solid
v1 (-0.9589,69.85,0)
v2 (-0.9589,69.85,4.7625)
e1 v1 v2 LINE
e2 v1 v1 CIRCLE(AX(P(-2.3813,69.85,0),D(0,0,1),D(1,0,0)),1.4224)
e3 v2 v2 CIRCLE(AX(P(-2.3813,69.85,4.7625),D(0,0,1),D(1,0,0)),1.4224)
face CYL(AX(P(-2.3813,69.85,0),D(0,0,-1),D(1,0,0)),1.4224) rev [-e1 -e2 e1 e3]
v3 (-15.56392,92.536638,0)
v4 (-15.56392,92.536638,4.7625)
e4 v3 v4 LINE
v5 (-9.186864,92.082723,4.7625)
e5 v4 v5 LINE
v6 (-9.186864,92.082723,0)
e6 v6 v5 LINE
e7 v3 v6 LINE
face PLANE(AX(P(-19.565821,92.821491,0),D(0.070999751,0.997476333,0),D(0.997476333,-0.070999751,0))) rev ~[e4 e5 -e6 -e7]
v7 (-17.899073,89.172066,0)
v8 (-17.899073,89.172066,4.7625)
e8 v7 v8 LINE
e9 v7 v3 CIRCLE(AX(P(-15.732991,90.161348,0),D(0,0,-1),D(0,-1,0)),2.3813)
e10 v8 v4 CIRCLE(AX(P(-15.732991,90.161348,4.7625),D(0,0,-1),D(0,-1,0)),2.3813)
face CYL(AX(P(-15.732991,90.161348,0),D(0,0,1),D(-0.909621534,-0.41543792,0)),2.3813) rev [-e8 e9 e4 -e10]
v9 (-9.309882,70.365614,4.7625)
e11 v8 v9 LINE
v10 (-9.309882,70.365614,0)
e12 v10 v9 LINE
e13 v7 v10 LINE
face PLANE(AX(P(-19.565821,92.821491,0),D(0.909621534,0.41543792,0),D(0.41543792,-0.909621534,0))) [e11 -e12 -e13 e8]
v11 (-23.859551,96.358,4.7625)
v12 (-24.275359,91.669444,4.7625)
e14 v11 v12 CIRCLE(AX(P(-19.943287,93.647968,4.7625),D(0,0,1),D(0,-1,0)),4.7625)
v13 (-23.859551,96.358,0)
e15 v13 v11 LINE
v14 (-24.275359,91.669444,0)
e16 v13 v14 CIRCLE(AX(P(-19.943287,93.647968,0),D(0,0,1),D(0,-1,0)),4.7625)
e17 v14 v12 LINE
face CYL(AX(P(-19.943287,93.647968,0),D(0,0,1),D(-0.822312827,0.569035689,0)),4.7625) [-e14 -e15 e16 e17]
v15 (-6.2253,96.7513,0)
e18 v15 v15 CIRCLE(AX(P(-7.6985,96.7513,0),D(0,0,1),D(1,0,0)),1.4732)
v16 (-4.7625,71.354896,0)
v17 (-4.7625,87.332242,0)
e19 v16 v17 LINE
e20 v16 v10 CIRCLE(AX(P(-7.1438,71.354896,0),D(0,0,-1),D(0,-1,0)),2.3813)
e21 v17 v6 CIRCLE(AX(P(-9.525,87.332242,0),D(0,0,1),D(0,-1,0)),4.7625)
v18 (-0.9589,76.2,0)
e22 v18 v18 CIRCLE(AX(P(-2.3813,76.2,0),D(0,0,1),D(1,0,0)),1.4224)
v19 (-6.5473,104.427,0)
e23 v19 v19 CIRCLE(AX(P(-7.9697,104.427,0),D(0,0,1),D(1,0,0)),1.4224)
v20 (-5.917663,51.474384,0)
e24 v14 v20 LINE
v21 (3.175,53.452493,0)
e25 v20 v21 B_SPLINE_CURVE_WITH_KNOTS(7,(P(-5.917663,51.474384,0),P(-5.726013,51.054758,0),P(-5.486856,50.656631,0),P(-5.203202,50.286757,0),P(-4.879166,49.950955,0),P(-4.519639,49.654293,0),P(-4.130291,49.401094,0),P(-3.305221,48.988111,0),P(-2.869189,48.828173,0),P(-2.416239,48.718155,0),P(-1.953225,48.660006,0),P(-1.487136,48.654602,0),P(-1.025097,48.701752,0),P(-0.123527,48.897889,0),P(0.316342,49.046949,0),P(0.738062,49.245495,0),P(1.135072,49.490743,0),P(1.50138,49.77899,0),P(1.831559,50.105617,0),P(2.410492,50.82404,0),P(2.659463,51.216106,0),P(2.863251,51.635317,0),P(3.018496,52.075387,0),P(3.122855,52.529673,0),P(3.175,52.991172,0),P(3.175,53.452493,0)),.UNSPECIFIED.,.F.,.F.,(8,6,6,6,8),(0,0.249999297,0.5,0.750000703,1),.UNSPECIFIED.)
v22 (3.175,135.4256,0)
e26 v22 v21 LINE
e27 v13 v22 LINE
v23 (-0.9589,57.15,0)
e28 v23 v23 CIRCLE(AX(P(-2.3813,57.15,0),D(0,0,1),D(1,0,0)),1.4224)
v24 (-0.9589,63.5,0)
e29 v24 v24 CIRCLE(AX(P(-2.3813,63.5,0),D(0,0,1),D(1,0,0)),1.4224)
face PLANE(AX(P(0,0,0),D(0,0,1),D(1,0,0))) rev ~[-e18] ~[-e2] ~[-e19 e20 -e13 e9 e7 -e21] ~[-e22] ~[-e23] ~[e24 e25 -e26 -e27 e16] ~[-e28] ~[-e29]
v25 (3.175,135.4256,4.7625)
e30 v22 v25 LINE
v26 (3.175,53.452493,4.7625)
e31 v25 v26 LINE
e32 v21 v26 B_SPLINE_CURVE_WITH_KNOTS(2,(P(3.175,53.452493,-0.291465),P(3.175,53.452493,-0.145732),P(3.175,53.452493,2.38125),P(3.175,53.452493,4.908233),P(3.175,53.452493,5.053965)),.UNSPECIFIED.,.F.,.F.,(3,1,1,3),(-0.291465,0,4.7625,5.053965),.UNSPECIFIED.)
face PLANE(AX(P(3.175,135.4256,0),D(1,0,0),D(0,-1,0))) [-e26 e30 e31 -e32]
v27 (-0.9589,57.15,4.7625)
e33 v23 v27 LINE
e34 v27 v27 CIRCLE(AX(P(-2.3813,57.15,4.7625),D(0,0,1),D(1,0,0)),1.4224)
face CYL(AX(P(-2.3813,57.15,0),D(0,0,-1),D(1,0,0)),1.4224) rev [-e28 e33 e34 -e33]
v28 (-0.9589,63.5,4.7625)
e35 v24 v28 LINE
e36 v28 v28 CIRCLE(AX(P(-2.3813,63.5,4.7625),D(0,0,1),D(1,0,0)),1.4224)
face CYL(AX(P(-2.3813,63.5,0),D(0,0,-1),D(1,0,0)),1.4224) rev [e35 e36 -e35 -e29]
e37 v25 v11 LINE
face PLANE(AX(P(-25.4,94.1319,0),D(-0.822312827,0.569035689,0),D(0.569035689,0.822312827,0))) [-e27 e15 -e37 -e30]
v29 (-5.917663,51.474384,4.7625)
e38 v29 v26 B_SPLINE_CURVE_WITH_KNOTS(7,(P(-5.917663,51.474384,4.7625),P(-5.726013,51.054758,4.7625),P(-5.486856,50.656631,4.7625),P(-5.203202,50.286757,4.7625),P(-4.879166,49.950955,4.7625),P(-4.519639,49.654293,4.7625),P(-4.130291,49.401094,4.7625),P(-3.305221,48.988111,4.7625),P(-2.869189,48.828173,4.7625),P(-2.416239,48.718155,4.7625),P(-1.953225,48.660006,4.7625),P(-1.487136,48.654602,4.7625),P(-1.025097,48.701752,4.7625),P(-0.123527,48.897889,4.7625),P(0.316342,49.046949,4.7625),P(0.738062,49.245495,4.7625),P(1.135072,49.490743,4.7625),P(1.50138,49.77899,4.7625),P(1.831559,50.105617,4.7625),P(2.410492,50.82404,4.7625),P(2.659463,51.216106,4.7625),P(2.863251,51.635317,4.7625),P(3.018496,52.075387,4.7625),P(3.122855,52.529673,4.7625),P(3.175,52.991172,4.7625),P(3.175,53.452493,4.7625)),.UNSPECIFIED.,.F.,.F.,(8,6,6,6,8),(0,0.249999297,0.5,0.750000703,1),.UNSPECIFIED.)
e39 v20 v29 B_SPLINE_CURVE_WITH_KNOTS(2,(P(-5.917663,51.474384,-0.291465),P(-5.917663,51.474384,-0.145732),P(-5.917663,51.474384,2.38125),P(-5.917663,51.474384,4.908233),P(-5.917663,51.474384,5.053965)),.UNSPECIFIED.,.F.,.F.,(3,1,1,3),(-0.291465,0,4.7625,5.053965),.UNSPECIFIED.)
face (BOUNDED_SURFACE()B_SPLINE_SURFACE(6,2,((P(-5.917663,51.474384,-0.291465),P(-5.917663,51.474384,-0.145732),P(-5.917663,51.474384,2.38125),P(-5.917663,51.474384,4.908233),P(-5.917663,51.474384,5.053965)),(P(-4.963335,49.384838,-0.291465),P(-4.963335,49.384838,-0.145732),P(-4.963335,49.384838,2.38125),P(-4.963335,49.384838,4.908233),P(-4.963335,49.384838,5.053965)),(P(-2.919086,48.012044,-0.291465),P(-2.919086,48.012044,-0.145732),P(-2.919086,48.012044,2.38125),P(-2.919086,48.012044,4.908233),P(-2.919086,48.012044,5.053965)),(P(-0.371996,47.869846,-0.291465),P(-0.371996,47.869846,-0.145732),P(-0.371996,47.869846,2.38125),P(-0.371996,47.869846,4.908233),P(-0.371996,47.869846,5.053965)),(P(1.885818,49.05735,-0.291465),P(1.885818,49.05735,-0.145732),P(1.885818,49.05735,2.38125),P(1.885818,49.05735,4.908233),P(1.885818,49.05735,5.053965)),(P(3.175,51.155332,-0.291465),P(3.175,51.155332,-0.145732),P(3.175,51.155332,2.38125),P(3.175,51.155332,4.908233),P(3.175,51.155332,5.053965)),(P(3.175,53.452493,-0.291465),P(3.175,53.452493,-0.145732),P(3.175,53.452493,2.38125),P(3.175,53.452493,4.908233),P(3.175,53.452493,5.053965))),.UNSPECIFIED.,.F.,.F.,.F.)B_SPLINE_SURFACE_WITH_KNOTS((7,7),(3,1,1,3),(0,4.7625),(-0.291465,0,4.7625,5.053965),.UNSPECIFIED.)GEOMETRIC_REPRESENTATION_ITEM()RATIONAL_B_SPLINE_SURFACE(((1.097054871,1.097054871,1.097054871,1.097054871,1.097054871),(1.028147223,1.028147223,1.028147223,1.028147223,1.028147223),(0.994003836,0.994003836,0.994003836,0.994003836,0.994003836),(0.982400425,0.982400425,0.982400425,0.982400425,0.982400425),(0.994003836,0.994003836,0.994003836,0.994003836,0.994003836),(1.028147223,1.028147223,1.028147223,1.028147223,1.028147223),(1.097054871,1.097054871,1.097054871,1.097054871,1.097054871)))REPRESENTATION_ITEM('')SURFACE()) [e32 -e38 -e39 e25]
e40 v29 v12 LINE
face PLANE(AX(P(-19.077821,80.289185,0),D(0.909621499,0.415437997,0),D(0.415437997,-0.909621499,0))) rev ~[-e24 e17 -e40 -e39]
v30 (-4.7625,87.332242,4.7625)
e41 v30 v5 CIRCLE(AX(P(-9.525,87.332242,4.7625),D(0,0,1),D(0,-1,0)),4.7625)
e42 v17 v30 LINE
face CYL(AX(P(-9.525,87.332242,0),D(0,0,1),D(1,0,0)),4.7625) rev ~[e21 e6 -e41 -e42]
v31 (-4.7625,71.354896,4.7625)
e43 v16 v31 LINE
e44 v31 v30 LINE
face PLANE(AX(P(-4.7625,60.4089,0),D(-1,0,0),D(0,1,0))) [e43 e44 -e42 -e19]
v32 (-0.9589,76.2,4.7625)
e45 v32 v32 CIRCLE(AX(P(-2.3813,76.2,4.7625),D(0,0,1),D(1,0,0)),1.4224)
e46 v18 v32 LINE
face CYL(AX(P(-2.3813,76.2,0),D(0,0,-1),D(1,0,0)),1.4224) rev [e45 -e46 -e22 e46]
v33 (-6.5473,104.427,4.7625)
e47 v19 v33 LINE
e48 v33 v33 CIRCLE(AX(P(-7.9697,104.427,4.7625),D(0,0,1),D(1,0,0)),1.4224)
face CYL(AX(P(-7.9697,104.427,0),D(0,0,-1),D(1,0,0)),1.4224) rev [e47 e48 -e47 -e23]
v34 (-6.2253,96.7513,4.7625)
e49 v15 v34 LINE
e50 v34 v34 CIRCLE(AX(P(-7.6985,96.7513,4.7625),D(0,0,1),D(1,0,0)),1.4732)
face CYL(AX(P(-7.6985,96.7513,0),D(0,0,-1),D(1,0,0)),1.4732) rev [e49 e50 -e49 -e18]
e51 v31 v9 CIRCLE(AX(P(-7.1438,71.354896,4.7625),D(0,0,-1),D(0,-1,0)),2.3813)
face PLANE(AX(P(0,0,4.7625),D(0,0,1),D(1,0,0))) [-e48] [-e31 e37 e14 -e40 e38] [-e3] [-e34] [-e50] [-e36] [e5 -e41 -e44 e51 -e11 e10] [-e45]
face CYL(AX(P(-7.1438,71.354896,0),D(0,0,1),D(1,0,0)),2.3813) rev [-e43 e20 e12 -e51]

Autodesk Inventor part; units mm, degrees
ref_plane "YZ Plane" through (0, 0, 0) normal (1, 0, 0) x (0, 1, 0)
ref_plane "XZ Plane" through (0, 0, 0) normal (0, 1, 0) x (-1, 0, 0)
ref_plane "XY Plane" through (0, 0, 0) normal (0, 0, 1) x (1, 0, 0)
sketch "Sketch1" plane through (0, 0, 0) normal (0, 0, 1) x (1, 0, 0)
  line L0 (0, 0) -> (0, 137.0131)
  line L1 (-11.7886, 12.2907) -> (-39.6863, 18.4755) construction
  line L2 (-39.6863, 18.4755) -> (-33.3297, 47.1481) construction
  line L3 (-33.3297, 47.1481) -> (-5.432, 40.9633) construction
  line L4 (-5.432, 40.9633) -> (-11.7886, 12.2907) construction
  line L5 (-39.6863, 18.4755) -> (-5.432, 40.9633) construction
  line L6 (-33.3297, 47.1481) -> (-11.7886, 12.2907) construction
  circle A0 centre (-53.975, 12.7) radius 3.175
  circle A1 centre (-53.975, 12.7) radius 9.525
  line L7 (0, 0) -> (-54.5315, 3.1913) construction
  line L8 (-62.4238, 17.0982) -> (0, 137.0131) construction
  line L9 (-27.1302, 45.7737) -> (-37.4529, 28.5497) construction
  line L10 (-11.6315, 42.3377) -> (-9.5552, 22.3649) construction
  line L11 (-19.3809, 44.0557) -> (-25.7374, 15.3831) construction
  line L12 (0, 104.775) -> (-15.0457, 108.1106) construction
  line L13 (-35.3766, 8.5768) -> (-19.8779, 5.1408) construction
  line L14 (-19.8779, 5.1408) -> (-21.2523, -1.0586) construction
  line L15 (-21.2523, -1.0586) -> (-36.751, 2.3773) construction
  line L16 (-36.751, 2.3773) -> (-35.3766, 8.5768) construction
  line L17 (-35.3766, 8.5768) -> (-44.7305, 2.6177) construction
  line L18 (-19.8779, 5.1408) -> (-17.2457, 1.0092) construction
  line L19 (-5.432, 40.9633) -> (-33.3297, 47.1481) construction
  line L20 (-33.3297, 47.1481) -> (-32.2475, 52.0296) construction
  line L21 (-32.2475, 52.0296) -> (-4.3498, 45.8448) construction
  line L22 (-4.3498, 45.8448) -> (-5.432, 40.9633) construction
  line L23 (-53.2878, 15.7997) -> (-53.975, 12.7) construction
  line L24 (-53.975, 12.7) -> (-57.0747, 13.3872) construction
  line L25 (-27.6272, 6.8588) -> (-34.4992, -24.1386) construction
  line L26 (-31.8676, 50.076) -> (-5.5198, 44.2349) construction
  line L27 (-5.5198, 44.2349) -> (-4.489, 48.8845) construction
  line L28 (-4.489, 48.8845) -> (-30.8368, 54.7256) construction
  line L29 (-30.8368, 54.7256) -> (-31.8676, 50.076) construction
  line L30 (-31.3522, 52.4008) -> (-5.0044, 46.5597) construction
  circle A2 centre (-29.0274, 51.8854) radius 1.4732 construction
  circle A3 centre (-22.8279, 50.5111) radius 1.4732 construction
  circle A4 centre (-16.6284, 49.1367) radius 1.4732
  circle A5 centre (-10.4289, 47.7623) radius 1.4732
  circle A6 centre (-7.6985, 96.7513) radius 1.4732
  line L31 (-53.975, 12.7) -> (-5.4185, 105.9762) construction
  line L32 (-31.2085, 56.4341) -> (0, 49.5153) construction
  circle A7 centre (-7.6985, 96.7513) radius 4.7625 construction
  line L33 (-4.7625, 48.9451) -> (-4.7625, 105.8308)
  line L34 (-26.3948, 55.3669) -> (-7.323, 92.0036) construction
  line L35 (-3.5958, 94.3328) -> (-4.7625, 94.5914) construction
  line L36 (-17.2457, 1.0092) -> (0, 1.0092) construction
  line L37 (0, 1.0092) -> (0, -2.1658) construction
  line L38 (0, -2.1658) -> (-17.2457, -2.1658) construction
  line L39 (-17.2457, -2.1658) -> (-17.2457, 1.0092) construction
  circle A8 centre (-12.7, 7.9375) radius 1.5875 construction
  line L40 (-12.7, 7.9375) -> (0, 7.9375) construction
  line L41 (0, 7.9375) -> (-17.2457, 1.0092)
  circle A9 centre (-12.7, 7.9375) radius 3.175 construction
  line L42 (-9.525, 7.9375) -> (-9.525, 4.111) construction
  line L43 (-9.525, 7.9375) -> (0, 7.9375) construction
  line L44 (-17.9187, 46.9837) -> (-16.8879, 51.6333) construction
  line L45 (-12.4942, 45.7811) -> (-26.2381, -16.2137) construction
  line L46 (0, 53.6985) -> (0, 7.9375) construction
  line L47 (-26.2381, -16.2137) -> (-20.0386, -17.5881) construction
  line L48 (-20.0386, -17.5881) -> (-8.7313, 7.9375)
  circle A10 centre (-12.7, 6.35) radius 1.4224
  line L49 (0, 13.4938) -> (-4.7625, 13.4938) construction
  line L50 (-4.7625, 13.4938) -> (-4.7625, 24.6063) construction
  line L51 (-4.7625, 24.6063) -> (0, 24.6063) construction
  line L52 (0, 24.6063) -> (0, 13.4938) construction
  line L53 (-4.7625, 19.05) -> (0, 19.05) construction
  circle A11 centre (-2.3813, 19.05) radius 1.4224
  line L54 (-20.7405, 8.5842) -> (-9.7454, 58.18) construction
  line L55 (-9.7454, 58.18) -> (-3.5459, 56.8056) construction
  line L56 (-3.5459, 56.8056) -> (-14.5411, 7.2098) construction
  line L57 (-14.5411, 7.2098) -> (-20.7405, 8.5842) construction
  line L58 (-12.7, 6.35) -> (-12.7, 7.9375) construction
  line L59 (-11.5442, 1.5875) -> (-9.525, 1.5875) construction
  line L60 (-9.525, 1.5875) -> (-9.525, 7.9375) construction
  line L61 (-9.525, 7.9375) -> (-11.5442, 7.9375) construction
  line L62 (-11.5442, 7.9375) -> (-11.5442, 1.5875) construction
  line L63 (-9.7454, 58.18) -> (-15.9449, 59.5544) construction
  line L64 (-18.8691, 53.6985) -> (0, 53.6985) construction
  line L65 (-9.7454, 58.18) -> (-17.3193, 53.3549) construction
  arc A12 (-10.2313, 55.9882) -> (-11.9373, 58.6659) centre (-11.0843, 57.3271) ccw construction
  line L66 (-4.7625, 57.15) -> (0, 57.15) construction
  circle A13 centre (-2.3813, 57.15) radius 1.4224
  circle A14 centre (-2.3813, 63.5) radius 1.4224
  line L67 (0, 7.9375) -> (-45.2378, 7.9375) construction
  line L68 (-45.2378, 7.9375) -> (-45.2378, -28.575) construction
  line L69 (-45.2378, -28.575) -> (0, -28.575)
  line L70 (0, -28.575) -> (0, 7.9375)
  line L71 (-45.2378, -28.575) -> (-62.6076, 8.6746)
  line L72 (-60.0032, 20.0747) -> (-18.8691, 53.6985) construction
  line L73 (-20.0386, -17.5881) -> (-20.0386, -28.575) construction
  line L74 (-20.2435, 47.4991) -> (-19.2127, 52.1487) construction
  line L75 (-12.7, -28.575) -> (-12.7, -1.0217)
  circle A15 centre (-23.8125, -19.05) radius 1.7526
  circle A16 centre (-15.875, -14.2875) radius 1.7526
  circle A17 centre (-23.8125, -19.05) radius 3.175 construction
  circle A18 centre (-2.3813, 69.85) radius 1.4224
  circle A19 centre (-2.3813, 76.2) radius 1.4224
  circle A20 centre (-15.875, -14.2875) radius 3.175 construction
  circle A21 centre (-46.0375, -19.05) radius 1.7526
  arc A22 (0, 104.775) -> (-15.0457, 108.1106) centre (-7.9697, 104.427) ccw construction
  circle A23 centre (-7.9697, 104.427) radius 1.4224
  line L76 (-7.9697, 104.427) -> (-15.0457, 108.1106) construction
  line L77 (-7.9697, 104.427) -> (0, 104.775) construction
  line L78 (0, 43.0112) -> (-20.2435, 47.4991)
  line L79 (-20.2435, 47.4991) -> (-25.4, 94.1319)
  line L80 (-25.4, 94.1319) -> (3.175, 135.4256)
  line L81 (0, 122.468) -> (-20.4707, 92.8859)
  line L82 (-20.4707, 92.8859) -> (-15.8846, 51.4108)
  line L83 (-15.8846, 51.4108) -> (0, 47.8893)
  line L84 (-20.4707, 92.8859) -> (-4.7625, 91.7678)
  line L85 (3.175, 135.4256) -> (3.175, 47.8893)
  line L86 (3.175, 47.8893) -> (0, 47.8893)
  line L87 (-25.4, 94.1319) -> (-4.7625, 48.9451)
  line L88 (-19.9433, 93.648) -> (-4.7625, 60.4089)
  point P0 (-22.5591, 29.7194)
  point P1 (-20.7484, 1.2142)
  point P2 (-36.3367, 4.2458)
  point P3 (-49.5768, 21.1488)
  point P4 (-11.1125, 7.9375)
  point P5 (-11.4283, 6.9872)
  point P6 (-11.9574, 7.9375)
  point P7 (-13.9717, 6.9872)
  point P8 (-9.525, 6.1457)
  point P9 (-10.6215, 3.6705)
  point P10 (0, 130.8374)
  point P11 (-19.5658, 92.8214)
  dimension "d74" = 6.35
  dimension "d14" = 29.3687
  dimension "d15" = 28.575
  dimension "d16" = 12.5
  dimension "d17" = 6.35
  dimension "d19" = 53.975
  dimension "d22" = 19.05
  dimension "d23" = 7.9375
  dimension "d24" = 19.05
  dimension "d26" = 102.5
  dimension "d29" = 6.35
  dimension "d31" = 7.9375
  dimension "d34" = 5
  dimension "d35" = 26.9875
  dimension "d38" = 31.75
  dimension "d40" = 26.9875
  dimension "d41" = 4.7625
  dimension "d42" = 2.9464
  dimension "d43" = 2.3813
  dimension "d46" = 6.35
  dimension "d51" = 2.9464
  dimension "d52" = 92.075
  dimension "d53" = 6.35
  dimension "d54" = 9.525
  dimension "d55" = 4.7625
  dimension "d56" = 4.7625
  dimension "d60" = 12.7
  dimension "d61" = 3.175
  dimension "d63" = 3.175
  dimension "d66" = 3.175
  dimension "d67" = 12.7
  dimension "d72" = 8.7312
  dimension "d73" = 7.9375
  dimension "d80" = 12.7
  dimension "d82" = 7.9375
  dimension "d83" = 63.5
  dimension "d85" = 6.35
  dimension "d86" = 104.775
  dimension "d87" = 2.8448
  dimension "d88" = 4.7625
  dimension "d89" = 11.1125
  dimension "d90" = 2.8448
  dimension "d91" = 19.05
  dimension "d92" = 6.35
  dimension "d93" = 50.8
  dimension "d94" = 25.4
  dimension "d95" = 8.7312
  dimension "d96" = 9.525
  dimension "d97" = 6.35
  dimension "d99" = 6.35
  dimension "d101" = 3.175
  dimension "d106" = 2.8448
  dimension "d107" = 57.15
  dimension "d110" = 6.35
  dimension "d136" = 3.175
  dimension "d138" = 28.575
  dimension "d139" = 12.7
  dimension "d140" = 3.5052
  dimension "d141" = 3.5052
  dimension "d142" = 9.525
  dimension "d143" = 3.175
  dimension "d144" = 11.1125
  dimension "d145" = 6.35
  dimension "d146" = 14.2875
  dimension "d149" = 6.35
extrude "Extrusion1" add sketch "Sketch1" along normal blind 4.7625 contours L83 L33 L84 L88 L81 L0 | L0 L80 L85 L86 | L81 L82 L87 L80 L0 | L87 L82 L84 L88 L33 | L88 L84 L81
fillet "Fillet7" radius 4.7625 5 edges at (-4.7625, 91.7678, 2.3813) (-25.4, 94.1319, 2.3813) (-4.7625, 48.9451, 2.3813) (0, 47.8893, 2.3813) (3.175, 47.8893, 2.3813)
fillet "Fillet8" radius 2.3813 2 edges at (-19.5658, 92.8214, 2.3813) (-4.7625, 60.4089, 2.3813)
equation "\"d56\" = d55"
properties part number "Uprights" material "Steel, Alloy"
